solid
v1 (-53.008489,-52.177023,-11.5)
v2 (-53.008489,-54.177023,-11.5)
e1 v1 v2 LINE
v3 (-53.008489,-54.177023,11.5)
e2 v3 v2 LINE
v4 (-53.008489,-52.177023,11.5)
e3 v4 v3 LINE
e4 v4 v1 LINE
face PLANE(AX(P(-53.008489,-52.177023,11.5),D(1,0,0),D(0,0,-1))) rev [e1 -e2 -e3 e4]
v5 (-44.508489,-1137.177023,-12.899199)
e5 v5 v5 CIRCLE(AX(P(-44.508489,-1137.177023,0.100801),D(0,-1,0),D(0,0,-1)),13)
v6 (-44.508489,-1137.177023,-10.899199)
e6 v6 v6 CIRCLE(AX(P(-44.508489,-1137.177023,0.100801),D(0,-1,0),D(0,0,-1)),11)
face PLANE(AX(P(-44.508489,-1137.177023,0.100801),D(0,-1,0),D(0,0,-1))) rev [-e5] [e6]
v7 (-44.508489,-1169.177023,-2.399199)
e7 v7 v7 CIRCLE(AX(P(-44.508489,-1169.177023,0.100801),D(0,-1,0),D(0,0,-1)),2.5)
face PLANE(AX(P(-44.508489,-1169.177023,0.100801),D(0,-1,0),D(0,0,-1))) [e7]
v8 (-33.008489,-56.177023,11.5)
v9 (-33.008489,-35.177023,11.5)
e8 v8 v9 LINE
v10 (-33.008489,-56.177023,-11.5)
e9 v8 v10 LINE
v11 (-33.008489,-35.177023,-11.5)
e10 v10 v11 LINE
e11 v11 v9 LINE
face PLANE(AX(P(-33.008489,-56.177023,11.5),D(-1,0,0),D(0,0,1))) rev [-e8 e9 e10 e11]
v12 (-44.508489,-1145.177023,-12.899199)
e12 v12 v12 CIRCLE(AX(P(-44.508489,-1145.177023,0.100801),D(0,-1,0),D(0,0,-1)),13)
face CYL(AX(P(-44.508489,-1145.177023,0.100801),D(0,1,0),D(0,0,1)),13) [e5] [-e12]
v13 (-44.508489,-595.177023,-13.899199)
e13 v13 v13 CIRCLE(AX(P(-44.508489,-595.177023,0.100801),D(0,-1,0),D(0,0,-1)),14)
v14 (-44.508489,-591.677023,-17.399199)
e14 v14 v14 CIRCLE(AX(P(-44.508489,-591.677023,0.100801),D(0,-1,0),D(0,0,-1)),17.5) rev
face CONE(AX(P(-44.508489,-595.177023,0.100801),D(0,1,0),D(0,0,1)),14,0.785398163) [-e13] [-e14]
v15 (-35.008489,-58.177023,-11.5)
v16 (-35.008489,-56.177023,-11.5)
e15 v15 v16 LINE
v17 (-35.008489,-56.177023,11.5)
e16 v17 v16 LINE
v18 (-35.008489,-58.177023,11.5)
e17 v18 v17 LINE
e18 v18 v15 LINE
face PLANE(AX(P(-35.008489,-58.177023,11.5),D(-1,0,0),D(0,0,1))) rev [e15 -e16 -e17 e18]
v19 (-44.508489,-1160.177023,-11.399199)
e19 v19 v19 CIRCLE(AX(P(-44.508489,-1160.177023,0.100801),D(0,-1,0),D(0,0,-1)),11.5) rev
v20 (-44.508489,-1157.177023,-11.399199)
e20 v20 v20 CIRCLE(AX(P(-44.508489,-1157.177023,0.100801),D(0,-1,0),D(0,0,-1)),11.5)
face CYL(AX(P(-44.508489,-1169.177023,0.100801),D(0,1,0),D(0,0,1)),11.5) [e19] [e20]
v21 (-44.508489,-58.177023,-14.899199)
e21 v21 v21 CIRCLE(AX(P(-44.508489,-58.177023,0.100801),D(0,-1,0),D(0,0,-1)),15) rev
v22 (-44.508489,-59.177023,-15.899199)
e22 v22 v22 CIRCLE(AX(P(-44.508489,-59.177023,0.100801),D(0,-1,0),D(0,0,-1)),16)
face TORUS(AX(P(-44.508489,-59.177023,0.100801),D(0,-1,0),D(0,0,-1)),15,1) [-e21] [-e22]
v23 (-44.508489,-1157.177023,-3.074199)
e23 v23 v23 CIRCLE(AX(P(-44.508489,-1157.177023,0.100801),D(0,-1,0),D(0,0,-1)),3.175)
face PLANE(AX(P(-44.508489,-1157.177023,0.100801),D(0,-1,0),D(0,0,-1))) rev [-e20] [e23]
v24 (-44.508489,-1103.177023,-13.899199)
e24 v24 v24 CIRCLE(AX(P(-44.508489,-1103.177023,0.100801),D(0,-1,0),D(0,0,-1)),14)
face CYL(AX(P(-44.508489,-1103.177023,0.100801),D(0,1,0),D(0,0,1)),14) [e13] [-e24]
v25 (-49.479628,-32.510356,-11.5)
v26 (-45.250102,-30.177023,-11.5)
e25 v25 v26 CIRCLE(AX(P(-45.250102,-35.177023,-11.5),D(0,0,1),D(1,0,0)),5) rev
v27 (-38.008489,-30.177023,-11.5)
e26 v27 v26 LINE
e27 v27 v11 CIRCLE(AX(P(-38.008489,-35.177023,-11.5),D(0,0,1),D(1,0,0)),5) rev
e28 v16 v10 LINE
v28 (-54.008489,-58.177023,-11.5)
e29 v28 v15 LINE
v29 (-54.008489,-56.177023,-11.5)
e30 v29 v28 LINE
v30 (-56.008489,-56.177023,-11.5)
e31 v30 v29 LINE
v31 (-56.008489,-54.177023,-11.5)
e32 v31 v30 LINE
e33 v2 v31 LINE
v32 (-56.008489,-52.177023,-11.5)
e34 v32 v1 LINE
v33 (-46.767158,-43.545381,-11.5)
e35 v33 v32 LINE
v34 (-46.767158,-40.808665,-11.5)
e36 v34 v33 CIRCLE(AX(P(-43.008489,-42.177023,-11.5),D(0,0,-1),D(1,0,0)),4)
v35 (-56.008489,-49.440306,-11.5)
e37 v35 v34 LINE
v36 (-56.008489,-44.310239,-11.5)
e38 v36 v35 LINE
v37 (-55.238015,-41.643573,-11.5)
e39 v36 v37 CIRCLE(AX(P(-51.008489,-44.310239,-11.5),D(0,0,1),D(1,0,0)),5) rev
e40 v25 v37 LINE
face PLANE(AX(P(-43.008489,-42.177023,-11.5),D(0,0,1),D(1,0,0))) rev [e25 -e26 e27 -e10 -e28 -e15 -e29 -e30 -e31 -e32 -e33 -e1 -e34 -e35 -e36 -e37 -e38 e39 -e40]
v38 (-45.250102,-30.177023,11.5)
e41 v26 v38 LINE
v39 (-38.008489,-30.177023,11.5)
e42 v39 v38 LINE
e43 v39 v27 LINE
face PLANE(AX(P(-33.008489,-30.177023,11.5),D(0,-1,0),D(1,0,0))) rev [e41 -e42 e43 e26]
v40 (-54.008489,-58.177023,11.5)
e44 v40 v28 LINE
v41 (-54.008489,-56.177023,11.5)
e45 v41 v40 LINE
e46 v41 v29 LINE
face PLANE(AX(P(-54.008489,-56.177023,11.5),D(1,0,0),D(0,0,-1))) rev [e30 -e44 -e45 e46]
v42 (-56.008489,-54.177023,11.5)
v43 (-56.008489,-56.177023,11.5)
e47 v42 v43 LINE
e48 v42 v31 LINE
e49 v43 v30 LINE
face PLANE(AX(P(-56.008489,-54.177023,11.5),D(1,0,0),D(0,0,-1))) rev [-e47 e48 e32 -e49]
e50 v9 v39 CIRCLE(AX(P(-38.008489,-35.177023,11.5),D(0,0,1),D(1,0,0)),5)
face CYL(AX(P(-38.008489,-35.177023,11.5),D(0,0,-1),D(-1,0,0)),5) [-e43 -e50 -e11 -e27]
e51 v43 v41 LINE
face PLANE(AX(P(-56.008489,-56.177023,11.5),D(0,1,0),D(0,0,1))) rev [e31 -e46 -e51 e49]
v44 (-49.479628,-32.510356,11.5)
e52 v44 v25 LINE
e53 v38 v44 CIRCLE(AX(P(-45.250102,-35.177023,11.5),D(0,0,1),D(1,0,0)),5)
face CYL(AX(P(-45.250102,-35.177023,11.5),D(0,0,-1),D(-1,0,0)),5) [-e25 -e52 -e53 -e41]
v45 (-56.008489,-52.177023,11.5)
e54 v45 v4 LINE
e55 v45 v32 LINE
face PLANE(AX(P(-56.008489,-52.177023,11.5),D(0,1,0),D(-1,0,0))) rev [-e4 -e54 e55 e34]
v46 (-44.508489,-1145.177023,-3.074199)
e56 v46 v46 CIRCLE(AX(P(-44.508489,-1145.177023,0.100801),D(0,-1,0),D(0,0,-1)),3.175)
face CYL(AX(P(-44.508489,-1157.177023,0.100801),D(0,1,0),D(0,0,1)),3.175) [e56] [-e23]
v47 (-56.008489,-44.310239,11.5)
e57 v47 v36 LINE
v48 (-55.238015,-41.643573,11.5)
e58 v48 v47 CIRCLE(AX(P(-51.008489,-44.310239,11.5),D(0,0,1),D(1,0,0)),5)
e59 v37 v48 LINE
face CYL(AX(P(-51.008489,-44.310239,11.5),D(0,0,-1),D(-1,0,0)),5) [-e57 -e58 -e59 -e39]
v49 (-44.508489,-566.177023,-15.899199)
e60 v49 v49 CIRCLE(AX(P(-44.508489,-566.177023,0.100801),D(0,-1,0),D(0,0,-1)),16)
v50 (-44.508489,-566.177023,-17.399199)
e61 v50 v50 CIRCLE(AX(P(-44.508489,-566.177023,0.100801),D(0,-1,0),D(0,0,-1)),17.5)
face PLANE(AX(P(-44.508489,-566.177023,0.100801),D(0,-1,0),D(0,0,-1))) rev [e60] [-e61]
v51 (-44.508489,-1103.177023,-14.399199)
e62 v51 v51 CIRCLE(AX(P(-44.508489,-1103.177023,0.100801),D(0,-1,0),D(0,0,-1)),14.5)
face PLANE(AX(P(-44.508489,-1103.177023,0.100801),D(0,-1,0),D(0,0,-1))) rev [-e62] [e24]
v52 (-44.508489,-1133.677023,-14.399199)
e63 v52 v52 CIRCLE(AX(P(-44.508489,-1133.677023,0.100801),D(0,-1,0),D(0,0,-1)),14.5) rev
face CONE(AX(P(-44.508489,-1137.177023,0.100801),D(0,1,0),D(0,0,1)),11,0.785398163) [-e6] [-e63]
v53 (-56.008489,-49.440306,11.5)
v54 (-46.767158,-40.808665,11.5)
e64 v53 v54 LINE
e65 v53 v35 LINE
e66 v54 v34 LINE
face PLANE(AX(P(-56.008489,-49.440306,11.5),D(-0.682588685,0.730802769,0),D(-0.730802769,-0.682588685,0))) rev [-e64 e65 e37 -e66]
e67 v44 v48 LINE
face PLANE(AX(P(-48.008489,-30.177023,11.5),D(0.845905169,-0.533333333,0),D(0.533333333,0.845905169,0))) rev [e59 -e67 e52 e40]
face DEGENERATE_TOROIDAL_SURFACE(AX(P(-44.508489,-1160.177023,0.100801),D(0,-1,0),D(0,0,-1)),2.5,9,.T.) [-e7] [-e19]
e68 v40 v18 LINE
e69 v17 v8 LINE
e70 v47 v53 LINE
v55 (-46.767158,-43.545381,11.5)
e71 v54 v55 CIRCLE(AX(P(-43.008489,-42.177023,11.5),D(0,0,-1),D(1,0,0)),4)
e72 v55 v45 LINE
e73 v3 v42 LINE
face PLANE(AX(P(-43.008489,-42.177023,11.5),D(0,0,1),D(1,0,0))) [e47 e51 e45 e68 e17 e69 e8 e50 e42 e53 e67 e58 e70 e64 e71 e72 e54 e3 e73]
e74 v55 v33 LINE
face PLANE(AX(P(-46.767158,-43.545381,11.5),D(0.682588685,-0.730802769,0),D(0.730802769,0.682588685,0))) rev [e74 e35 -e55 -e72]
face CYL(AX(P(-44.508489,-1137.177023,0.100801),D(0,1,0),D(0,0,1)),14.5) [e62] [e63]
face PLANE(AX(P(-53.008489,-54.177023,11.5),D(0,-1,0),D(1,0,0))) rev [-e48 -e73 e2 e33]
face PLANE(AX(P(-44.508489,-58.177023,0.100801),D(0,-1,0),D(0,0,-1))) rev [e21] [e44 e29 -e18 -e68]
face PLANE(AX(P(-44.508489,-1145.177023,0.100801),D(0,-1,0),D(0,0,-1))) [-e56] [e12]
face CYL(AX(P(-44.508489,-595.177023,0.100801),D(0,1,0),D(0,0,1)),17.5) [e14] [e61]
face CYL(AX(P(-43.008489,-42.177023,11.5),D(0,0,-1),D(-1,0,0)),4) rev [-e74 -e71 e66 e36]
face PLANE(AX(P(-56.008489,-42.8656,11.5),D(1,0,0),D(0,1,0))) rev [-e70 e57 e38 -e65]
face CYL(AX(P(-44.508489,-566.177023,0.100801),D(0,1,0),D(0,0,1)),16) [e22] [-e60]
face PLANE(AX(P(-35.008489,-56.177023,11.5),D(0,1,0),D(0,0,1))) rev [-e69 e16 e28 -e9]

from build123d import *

# Parameters (mm, degrees)
BOSS_EXTRUDE1_DEPTH = 11.5
FILLET1_R           = 5
SKETCH2_R           = 16
BOSS_EXTRUDE2_DEPTH = 508
FILLET2_R           = 1
SKETCH4_R           = 17.5
BOSS_EXTRUDE3_DEPTH = 29
CHAMFER1_SIZE       = 3.5
SKETCH5_R           = 14
BOSS_EXTRUDE4_DEPTH = 508
SKETCH6_R           = 14.5
BOSS_EXTRUDE5_DEPTH = 34
CHAMFER2_SIZE       = 3.5
SKETCH7_R           = 13
BOSS_EXTRUDE6_DEPTH = 8
SKETCH8_R           = 3.175
BOSS_EXTRUDE7_DEPTH = 12
SKETCH9_R           = 11.5
BOSS_EXTRUDE8_DEPTH = 12
FILLET3_R           = 9


with BuildPart() as part:
    # Sketch1 → Boss-Extrude1 (new body, symmetric)
    with BuildSketch(Plane.XY):
        with BuildLine():
            Line((-33.008488745, -30.177022886), (-48.008488745, -30.177022886))
            Line((-48.008488745, -30.177022886), (-56.008488745, -42.865600426))
            Line((-56.008488745, -42.865600426), (-56.008488745, -49.440306382))
            Line((-56.008488745, -49.440306382), (-46.767158149, -40.808664634))
            ThreePointArc((-46.767158149, -40.808664634), (-39.008488745, -42.177022886), (-46.767158149, -43.545381137))
            Line((-46.767158149, -43.545381137), (-56.008488745, -52.177022886))
            Line((-56.008488745, -52.177022886), (-53.008488745, -52.177022886))
            Line((-53.008488745, -52.177022886), (-53.008488745, -54.177022886))
            Line((-53.008488745, -54.177022886), (-56.008488745, -54.177022886))
            Line((-56.008488745, -54.177022886), (-56.008488745, -56.177022886))
            Line((-56.008488745, -56.177022886), (-54.008488745, -56.177022886))
            Line((-54.008488745, -56.177022886), (-54.008488745, -58.177022886))
            Line((-54.008488745, -58.177022886), (-35.008488745, -58.177022886))
            Line((-35.008488745, -58.177022886), (-35.008488745, -56.177022886))
            Line((-35.008488745, -56.177022886), (-33.008488745, -56.177022886))
            Line((-33.008488745, -56.177022886), (-33.008488745, -30.177022886))
        make_face()
    extrude(amount=BOSS_EXTRUDE1_DEPTH, both=True)

    # Fillet1
    fillet1_edges = [part.edges().sort_by_distance(p)[0] for p in [
        (-48.008488745, -30.177022886, 0),
        (-33.008488745, -30.177022886, 0),
        (-56.008488745, -42.865600426, 0),
    ]]
    fillet(fillet1_edges, radius=FILLET1_R)

    # Sketch2 → Boss-Extrude2 (add)
    with BuildSketch(Plane(origin=(0, -58.177022886, 0), x_dir=(-1, 0, 0), z_dir=(0, -1, 0))):
        with Locations((44.508488745, -0.100800937)):
            Circle(SKETCH2_R)
    extrude(amount=BOSS_EXTRUDE2_DEPTH)

    # Fillet2
    fillet2_edges = [part.edges().sort_by_distance(p)[0] for p in [
        (-28.508488745, -58.177022886, 0.100800937),
    ]]
    fillet(fillet2_edges, radius=FILLET2_R)

    # Sketch4 → Boss-Extrude3 (add)
    with BuildSketch(Plane(origin=(0, -566.177022886, 0), x_dir=(-1, 0, 0), z_dir=(0, -1, 0))):
        with Locations((44.508488745, -0.100800937)):
            Circle(SKETCH4_R)
    extrude(amount=BOSS_EXTRUDE3_DEPTH)

    # Chamfer1
    chamfer1_edges = [part.edges().sort_by_distance(p)[0] for p in [
        (-27.008488745, -595.177022886, 0.100800937),
    ]]
    chamfer(chamfer1_edges, length=CHAMFER1_SIZE)

    # Sketch5 → Boss-Extrude4 (add)
    with BuildSketch(Plane(origin=(0, -595.177022886, 0), x_dir=(-1, 0, 0), z_dir=(0, -1, 0))):
        with Locations((44.508488745, -0.100800937)):
            Circle(SKETCH5_R)
    extrude(amount=BOSS_EXTRUDE4_DEPTH)

    # Sketch6 → Boss-Extrude5 (add)
    with BuildSketch(Plane.XZ.offset(1103.177022886)):
        with Locations((-44.508488745, 0.100800937)):
            Circle(SKETCH6_R)
    extrude(amount=BOSS_EXTRUDE5_DEPTH)

    # Chamfer2
    chamfer2_edges = [part.edges().sort_by_distance(p)[0] for p in [
        (-59.008488745, -1137.177022886, 0.100800937),
    ]]
    chamfer(chamfer2_edges, length=CHAMFER2_SIZE)

    # Sketch7 → Boss-Extrude6 (add)
    with BuildSketch(Plane.XZ.offset(1137.177022886)):
        with Locations((-44.508488745, 0.100800937)):
            Circle(SKETCH7_R)
    extrude(amount=BOSS_EXTRUDE6_DEPTH)

    # Sketch8 → Boss-Extrude7 (add)
    with BuildSketch(Plane.XZ.offset(1145.177022886)):
        with Locations((-44.508488745, 0.100800937)):
            Circle(SKETCH8_R)
    extrude(amount=BOSS_EXTRUDE7_DEPTH)

    # Sketch9 → Boss-Extrude8 (add)
    with BuildSketch(Plane(origin=(0, -1157.177022886, 0), x_dir=(-1, 0, 0), z_dir=(0, -1, 0))):
        with Locations((44.508488745, -0.100800937)):
            Circle(SKETCH9_R)
    extrude(amount=BOSS_EXTRUDE8_DEPTH)

    # Fillet3
    fillet3_edges = [part.edges().sort_by_distance(p)[0] for p in [
        (-33.008488745, -1169.177022886, 0.100800937),
    ]]
    fillet(fillet3_edges, radius=FILLET3_R)


solid = part.part
